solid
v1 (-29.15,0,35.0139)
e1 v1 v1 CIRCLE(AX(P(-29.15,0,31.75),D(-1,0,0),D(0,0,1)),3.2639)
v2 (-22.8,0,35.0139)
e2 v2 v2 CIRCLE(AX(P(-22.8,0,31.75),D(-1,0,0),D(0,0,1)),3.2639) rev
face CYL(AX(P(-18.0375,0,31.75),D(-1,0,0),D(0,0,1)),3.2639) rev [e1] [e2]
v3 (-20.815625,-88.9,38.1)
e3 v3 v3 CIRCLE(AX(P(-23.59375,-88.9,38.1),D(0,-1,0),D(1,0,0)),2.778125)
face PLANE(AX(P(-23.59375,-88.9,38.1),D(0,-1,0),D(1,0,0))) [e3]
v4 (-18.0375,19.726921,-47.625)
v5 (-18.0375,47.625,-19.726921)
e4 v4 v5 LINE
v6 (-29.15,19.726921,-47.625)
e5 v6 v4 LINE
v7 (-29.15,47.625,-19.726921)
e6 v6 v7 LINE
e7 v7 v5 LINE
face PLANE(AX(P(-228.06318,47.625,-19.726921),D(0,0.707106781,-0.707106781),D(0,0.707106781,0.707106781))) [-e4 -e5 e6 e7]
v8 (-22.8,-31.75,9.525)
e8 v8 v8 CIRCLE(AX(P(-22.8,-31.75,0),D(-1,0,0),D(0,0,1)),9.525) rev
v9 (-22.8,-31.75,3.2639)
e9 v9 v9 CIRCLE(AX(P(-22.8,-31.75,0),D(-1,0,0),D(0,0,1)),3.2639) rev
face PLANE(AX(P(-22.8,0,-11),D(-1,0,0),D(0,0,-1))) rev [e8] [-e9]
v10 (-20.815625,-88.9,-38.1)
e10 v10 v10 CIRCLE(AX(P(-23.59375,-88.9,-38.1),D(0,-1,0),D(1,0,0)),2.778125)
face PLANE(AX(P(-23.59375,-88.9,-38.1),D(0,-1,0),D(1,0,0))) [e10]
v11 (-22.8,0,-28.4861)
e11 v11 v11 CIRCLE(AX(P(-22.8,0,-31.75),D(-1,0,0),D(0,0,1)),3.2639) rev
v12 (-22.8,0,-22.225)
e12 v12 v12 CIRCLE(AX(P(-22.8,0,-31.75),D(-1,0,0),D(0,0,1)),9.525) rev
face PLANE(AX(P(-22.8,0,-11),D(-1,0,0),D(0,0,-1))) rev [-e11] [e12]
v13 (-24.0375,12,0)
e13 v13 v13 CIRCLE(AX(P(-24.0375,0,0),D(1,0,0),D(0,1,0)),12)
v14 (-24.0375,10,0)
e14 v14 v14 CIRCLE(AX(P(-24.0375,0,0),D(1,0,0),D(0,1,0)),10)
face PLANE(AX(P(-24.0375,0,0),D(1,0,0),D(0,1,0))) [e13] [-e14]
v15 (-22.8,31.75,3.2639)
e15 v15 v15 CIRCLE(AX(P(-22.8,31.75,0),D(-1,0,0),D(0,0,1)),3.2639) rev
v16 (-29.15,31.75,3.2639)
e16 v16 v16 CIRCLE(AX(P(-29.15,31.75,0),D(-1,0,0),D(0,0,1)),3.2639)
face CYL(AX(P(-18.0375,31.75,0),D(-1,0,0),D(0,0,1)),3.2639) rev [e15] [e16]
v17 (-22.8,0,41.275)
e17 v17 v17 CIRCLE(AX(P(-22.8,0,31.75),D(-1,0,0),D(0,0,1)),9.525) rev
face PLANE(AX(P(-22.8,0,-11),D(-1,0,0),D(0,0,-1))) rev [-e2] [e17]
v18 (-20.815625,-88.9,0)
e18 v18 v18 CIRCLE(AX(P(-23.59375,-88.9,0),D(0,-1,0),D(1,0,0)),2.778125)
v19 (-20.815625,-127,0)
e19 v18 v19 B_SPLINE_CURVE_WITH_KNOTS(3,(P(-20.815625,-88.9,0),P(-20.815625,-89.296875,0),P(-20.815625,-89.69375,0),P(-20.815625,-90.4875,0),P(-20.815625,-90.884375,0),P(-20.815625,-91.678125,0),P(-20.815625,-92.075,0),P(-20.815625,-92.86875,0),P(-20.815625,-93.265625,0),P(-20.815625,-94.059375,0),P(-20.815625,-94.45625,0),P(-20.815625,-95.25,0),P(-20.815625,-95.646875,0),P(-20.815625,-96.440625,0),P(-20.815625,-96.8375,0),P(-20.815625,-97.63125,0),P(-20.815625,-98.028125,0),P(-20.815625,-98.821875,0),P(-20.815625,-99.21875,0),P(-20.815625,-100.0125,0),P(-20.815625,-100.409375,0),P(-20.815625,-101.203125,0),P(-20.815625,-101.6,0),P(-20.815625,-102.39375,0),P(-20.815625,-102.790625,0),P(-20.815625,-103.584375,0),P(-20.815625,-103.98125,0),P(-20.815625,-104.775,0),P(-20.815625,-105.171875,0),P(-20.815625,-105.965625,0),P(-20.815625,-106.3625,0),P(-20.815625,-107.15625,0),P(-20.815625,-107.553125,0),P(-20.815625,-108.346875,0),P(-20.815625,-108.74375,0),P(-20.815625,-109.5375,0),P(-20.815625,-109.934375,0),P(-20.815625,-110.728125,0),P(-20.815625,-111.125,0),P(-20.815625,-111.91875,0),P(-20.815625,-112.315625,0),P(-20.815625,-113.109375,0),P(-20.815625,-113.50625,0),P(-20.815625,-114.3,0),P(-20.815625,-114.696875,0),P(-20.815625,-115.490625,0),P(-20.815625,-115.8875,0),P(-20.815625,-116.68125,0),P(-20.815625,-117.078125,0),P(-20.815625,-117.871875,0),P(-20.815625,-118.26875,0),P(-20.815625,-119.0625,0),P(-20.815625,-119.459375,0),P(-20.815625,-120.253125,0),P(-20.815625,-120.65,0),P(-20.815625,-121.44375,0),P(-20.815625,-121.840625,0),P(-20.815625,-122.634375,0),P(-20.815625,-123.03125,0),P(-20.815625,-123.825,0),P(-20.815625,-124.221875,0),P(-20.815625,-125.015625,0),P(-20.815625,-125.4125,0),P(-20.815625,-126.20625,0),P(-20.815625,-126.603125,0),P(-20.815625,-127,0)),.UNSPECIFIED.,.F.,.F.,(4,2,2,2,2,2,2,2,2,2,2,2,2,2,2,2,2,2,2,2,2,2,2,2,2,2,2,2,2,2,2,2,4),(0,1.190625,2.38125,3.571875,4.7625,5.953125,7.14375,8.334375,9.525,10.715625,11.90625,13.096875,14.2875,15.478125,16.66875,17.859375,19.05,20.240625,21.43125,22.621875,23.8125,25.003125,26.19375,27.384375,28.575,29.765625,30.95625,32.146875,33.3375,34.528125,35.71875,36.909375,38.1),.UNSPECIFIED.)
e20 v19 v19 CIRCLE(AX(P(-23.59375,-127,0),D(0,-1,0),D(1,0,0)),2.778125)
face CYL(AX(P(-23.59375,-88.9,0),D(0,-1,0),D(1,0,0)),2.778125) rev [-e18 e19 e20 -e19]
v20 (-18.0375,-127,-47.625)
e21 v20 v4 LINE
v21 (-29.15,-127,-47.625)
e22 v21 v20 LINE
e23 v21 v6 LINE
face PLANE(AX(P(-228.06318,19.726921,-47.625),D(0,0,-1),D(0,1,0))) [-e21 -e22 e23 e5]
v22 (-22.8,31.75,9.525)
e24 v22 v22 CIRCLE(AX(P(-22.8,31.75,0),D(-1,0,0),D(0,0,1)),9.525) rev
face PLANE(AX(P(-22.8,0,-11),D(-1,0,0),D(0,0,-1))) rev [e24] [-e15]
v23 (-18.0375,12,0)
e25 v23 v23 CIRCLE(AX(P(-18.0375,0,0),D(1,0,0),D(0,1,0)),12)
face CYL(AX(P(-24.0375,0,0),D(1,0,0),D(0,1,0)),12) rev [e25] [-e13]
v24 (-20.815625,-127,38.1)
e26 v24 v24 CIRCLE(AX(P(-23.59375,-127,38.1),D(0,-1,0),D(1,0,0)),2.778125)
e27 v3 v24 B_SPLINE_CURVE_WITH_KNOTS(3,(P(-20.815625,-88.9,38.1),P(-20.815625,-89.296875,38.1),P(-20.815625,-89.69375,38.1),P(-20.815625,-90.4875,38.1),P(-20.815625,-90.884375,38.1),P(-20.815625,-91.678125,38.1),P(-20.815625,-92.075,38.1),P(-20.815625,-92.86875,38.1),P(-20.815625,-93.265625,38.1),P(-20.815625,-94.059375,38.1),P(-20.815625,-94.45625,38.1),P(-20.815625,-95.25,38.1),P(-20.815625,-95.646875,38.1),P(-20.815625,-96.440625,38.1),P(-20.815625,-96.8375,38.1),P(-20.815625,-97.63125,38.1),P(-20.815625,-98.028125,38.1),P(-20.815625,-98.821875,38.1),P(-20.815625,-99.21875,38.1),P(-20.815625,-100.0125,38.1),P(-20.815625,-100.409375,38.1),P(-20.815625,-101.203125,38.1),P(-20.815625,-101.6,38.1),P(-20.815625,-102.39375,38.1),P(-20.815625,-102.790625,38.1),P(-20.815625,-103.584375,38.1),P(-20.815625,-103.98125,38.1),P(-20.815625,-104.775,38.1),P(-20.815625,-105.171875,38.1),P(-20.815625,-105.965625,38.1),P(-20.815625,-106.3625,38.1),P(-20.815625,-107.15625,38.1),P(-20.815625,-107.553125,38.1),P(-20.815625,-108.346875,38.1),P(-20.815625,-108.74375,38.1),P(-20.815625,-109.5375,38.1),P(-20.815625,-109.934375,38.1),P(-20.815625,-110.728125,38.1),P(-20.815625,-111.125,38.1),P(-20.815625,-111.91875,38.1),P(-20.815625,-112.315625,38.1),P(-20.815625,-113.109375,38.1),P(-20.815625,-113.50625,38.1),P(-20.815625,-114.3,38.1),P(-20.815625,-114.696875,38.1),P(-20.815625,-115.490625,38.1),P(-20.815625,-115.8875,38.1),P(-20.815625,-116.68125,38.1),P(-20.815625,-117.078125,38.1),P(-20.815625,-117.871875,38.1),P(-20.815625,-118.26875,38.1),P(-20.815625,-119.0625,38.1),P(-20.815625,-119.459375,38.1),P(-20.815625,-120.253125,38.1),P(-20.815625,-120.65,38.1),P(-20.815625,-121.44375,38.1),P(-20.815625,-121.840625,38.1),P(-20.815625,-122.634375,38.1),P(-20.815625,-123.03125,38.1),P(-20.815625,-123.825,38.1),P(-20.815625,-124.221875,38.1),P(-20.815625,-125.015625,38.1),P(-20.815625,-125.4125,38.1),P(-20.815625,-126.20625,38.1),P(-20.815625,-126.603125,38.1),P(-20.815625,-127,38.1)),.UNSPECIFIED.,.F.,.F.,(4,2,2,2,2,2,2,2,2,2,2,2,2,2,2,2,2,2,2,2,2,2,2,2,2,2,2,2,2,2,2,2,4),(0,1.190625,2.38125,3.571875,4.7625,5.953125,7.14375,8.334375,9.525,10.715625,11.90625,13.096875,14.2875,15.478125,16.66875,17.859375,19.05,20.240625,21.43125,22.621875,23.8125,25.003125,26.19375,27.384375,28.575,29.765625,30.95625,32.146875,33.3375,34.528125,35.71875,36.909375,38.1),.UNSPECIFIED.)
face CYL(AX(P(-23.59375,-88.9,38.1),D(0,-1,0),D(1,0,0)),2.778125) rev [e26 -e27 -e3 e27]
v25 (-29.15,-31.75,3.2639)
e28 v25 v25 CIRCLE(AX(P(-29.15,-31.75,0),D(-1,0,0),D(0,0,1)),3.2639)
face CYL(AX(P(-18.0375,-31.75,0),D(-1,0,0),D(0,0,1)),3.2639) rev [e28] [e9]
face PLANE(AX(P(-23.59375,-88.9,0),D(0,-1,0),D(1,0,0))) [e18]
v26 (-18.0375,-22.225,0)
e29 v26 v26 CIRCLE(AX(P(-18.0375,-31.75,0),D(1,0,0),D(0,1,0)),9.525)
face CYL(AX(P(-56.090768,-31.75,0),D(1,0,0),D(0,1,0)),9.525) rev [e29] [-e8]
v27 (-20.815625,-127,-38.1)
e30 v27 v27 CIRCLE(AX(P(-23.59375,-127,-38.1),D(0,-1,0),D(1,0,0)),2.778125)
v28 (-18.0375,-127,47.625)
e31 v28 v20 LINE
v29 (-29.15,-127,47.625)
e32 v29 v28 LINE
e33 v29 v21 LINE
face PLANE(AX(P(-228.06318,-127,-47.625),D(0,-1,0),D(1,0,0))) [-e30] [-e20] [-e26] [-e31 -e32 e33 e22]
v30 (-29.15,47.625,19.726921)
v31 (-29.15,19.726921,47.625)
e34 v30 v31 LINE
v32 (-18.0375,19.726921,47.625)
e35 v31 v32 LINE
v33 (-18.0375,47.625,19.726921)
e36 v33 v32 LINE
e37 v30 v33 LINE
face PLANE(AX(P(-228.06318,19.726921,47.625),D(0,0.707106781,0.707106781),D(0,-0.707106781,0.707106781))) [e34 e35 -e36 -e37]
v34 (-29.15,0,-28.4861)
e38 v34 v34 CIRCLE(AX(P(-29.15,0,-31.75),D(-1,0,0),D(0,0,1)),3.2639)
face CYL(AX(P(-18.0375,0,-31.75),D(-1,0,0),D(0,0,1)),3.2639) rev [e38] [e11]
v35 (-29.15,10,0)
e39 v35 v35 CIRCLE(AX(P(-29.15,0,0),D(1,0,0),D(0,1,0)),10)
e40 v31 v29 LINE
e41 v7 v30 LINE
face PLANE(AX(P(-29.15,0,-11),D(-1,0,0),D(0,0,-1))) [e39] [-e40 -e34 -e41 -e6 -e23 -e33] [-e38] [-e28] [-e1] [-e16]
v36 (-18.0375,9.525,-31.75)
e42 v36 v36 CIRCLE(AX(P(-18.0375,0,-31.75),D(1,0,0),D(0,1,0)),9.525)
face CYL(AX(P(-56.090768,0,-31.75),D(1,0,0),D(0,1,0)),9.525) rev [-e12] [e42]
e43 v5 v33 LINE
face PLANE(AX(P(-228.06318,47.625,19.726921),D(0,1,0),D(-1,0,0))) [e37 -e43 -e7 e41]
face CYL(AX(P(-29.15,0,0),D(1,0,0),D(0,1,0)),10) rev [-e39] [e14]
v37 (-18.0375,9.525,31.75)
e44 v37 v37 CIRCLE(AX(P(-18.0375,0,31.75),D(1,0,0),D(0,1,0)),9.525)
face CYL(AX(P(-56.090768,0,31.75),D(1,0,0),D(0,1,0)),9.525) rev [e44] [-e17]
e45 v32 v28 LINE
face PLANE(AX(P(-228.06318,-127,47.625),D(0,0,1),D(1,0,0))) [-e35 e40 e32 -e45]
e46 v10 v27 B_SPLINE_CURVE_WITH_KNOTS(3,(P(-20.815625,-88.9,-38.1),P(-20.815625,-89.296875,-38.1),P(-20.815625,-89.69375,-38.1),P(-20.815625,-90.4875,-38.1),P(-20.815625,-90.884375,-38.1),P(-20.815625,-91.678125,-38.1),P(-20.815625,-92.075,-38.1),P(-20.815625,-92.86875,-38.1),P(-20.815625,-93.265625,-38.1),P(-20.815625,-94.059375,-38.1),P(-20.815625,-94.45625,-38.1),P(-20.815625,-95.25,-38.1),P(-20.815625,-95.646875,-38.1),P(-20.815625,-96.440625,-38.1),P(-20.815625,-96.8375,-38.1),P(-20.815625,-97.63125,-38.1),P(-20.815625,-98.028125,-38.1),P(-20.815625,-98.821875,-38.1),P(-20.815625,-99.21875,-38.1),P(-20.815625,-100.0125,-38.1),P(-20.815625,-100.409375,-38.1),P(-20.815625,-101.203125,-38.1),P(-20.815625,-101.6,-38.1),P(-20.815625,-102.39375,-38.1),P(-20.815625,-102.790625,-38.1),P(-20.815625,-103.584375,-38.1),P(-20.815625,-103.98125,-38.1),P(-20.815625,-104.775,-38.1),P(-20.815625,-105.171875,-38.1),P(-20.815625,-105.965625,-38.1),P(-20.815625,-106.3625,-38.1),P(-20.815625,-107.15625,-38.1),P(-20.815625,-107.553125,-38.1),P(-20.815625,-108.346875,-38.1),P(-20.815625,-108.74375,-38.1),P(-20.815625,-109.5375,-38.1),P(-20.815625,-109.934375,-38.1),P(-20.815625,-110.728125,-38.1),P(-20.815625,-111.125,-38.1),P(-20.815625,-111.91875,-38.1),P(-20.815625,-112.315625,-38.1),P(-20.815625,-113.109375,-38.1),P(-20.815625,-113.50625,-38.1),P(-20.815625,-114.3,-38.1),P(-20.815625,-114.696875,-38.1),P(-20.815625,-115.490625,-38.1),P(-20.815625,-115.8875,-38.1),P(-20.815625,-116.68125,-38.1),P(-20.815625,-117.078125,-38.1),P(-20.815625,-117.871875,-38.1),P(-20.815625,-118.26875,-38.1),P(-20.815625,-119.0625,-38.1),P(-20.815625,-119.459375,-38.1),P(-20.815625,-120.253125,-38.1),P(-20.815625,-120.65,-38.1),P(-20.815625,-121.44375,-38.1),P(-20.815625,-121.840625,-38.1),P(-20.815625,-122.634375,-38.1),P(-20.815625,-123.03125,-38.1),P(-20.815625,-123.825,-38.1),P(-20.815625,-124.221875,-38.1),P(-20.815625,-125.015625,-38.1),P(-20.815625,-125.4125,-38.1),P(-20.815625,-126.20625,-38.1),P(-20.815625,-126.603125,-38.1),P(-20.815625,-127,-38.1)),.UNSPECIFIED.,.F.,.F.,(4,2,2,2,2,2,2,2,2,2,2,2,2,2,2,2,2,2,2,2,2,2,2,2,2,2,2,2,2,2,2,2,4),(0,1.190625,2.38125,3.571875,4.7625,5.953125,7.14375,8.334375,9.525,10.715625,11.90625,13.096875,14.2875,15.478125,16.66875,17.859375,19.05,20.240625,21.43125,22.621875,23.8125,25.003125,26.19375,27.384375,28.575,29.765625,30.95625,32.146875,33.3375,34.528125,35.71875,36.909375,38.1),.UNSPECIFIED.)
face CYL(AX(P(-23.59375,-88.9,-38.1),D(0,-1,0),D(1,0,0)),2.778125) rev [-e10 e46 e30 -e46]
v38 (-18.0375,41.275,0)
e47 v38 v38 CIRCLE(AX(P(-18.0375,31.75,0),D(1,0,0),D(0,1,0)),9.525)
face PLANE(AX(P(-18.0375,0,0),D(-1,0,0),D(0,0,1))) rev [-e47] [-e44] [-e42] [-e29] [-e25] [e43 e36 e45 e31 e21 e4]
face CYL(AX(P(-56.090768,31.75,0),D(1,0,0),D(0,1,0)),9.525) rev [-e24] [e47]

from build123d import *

# Parameters (mm, degrees)
BOSS_EXTRUDE1_DEPTH = 11.1125
SKETCH2_R           = 12
CUT_EXTRUDE1_DEPTH  = 6
SKETCH3_R           = 10
CUT_EXTRUDE2_DEPTH  = 136.768702671
SKETCH4_R           = 3.2639
CUT_EXTRUDE3_DEPTH  = 137.09051503
SKETCH5_R           = 9.525
CUT_EXTRUDE4_DEPTH  = 4.7625
SKETCH6_R           = 2.778125
CUT_EXTRUDE5_DEPTH  = 38.1


with BuildPart() as part:
    # Sketch1 → Boss-Extrude1 (new body)
    with BuildSketch(Plane(origin=(-18.0375, 0, 0), x_dir=(0, 0, -1), z_dir=(1, 0, 0))):
        Polygon((-47.625, -127), (-47.625, 19.726920908), (-19.726920908, 47.625), (19.726920908, 47.625), (47.625, 19.726920908), (47.625, -127), align=None)
    extrude(amount=-BOSS_EXTRUDE1_DEPTH)

    # Sketch2 → Cut-Extrude1 (cut)
    with BuildSketch(Plane(origin=(-18.0375, 0, 0), x_dir=(0, 0, -1), z_dir=(1, 0, 0))):
        with Locations(Location((0, 0, 0), (0, 0, 90))):
            Circle(SKETCH2_R)
    extrude(amount=-CUT_EXTRUDE1_DEPTH, mode=Mode.SUBTRACT)

    # Sketch3 → Cut-Extrude2 (cut, through all)
    with BuildSketch(Plane(origin=(-24.0375, 0, 0), x_dir=(0, 0, -1), z_dir=(1, 0, 0))):
        with Locations(Location((0, 0, 0), (0, 0, 90))):
            Circle(SKETCH3_R)
    extrude(amount=-CUT_EXTRUDE2_DEPTH, mode=Mode.SUBTRACT)

    # Sketch4 → Cut-Extrude3 (cut, through all)
    with BuildSketch(Plane.ZY.offset(29.15)):
        with Locations((0, -31.75)):
            Circle(SKETCH4_R)
        with Locations((31.75, 0)):
            Circle(SKETCH4_R)
        with Locations((-31.75, 0)):
            Circle(SKETCH4_R)
        with Locations((0, 31.75)):
            Circle(SKETCH4_R)
    extrude(amount=-CUT_EXTRUDE3_DEPTH, mode=Mode.SUBTRACT)

    # Sketch5 → Cut-Extrude4 (cut)
    with BuildSketch(Plane(origin=(-18.0375, 0, 0), x_dir=(0, 0, -1), z_dir=(1, 0, 0))):
        with Locations(Location((-31.75, 0, 0), (0, 0, 90))):
            Circle(SKETCH5_R)
        with Locations(Location((0, 31.75, 0), (0, 0, 90))):
            Circle(SKETCH5_R)
        with Locations(Location((31.75, 0, 0), (0, 0, 90))):
            Circle(SKETCH5_R)
        with Locations(Location((0, -31.75, 0), (0, 0, 90))):
            Circle(SKETCH5_R)
    extrude(amount=-CUT_EXTRUDE4_DEPTH, mode=Mode.SUBTRACT)

    # Sketch6 → Cut-Extrude5 (cut)
    with BuildSketch(Plane.XZ.offset(127)):
        with Locations((-23.59375, 0)):
            Circle(SKETCH6_R)
        with Locations((-23.59375, 38.1)):
            Circle(SKETCH6_R)
        with Locations((-23.59375, -38.1)):
            Circle(SKETCH6_R)
    extrude(amount=-CUT_EXTRUDE5_DEPTH, mode=Mode.SUBTRACT)


solid = part.part
